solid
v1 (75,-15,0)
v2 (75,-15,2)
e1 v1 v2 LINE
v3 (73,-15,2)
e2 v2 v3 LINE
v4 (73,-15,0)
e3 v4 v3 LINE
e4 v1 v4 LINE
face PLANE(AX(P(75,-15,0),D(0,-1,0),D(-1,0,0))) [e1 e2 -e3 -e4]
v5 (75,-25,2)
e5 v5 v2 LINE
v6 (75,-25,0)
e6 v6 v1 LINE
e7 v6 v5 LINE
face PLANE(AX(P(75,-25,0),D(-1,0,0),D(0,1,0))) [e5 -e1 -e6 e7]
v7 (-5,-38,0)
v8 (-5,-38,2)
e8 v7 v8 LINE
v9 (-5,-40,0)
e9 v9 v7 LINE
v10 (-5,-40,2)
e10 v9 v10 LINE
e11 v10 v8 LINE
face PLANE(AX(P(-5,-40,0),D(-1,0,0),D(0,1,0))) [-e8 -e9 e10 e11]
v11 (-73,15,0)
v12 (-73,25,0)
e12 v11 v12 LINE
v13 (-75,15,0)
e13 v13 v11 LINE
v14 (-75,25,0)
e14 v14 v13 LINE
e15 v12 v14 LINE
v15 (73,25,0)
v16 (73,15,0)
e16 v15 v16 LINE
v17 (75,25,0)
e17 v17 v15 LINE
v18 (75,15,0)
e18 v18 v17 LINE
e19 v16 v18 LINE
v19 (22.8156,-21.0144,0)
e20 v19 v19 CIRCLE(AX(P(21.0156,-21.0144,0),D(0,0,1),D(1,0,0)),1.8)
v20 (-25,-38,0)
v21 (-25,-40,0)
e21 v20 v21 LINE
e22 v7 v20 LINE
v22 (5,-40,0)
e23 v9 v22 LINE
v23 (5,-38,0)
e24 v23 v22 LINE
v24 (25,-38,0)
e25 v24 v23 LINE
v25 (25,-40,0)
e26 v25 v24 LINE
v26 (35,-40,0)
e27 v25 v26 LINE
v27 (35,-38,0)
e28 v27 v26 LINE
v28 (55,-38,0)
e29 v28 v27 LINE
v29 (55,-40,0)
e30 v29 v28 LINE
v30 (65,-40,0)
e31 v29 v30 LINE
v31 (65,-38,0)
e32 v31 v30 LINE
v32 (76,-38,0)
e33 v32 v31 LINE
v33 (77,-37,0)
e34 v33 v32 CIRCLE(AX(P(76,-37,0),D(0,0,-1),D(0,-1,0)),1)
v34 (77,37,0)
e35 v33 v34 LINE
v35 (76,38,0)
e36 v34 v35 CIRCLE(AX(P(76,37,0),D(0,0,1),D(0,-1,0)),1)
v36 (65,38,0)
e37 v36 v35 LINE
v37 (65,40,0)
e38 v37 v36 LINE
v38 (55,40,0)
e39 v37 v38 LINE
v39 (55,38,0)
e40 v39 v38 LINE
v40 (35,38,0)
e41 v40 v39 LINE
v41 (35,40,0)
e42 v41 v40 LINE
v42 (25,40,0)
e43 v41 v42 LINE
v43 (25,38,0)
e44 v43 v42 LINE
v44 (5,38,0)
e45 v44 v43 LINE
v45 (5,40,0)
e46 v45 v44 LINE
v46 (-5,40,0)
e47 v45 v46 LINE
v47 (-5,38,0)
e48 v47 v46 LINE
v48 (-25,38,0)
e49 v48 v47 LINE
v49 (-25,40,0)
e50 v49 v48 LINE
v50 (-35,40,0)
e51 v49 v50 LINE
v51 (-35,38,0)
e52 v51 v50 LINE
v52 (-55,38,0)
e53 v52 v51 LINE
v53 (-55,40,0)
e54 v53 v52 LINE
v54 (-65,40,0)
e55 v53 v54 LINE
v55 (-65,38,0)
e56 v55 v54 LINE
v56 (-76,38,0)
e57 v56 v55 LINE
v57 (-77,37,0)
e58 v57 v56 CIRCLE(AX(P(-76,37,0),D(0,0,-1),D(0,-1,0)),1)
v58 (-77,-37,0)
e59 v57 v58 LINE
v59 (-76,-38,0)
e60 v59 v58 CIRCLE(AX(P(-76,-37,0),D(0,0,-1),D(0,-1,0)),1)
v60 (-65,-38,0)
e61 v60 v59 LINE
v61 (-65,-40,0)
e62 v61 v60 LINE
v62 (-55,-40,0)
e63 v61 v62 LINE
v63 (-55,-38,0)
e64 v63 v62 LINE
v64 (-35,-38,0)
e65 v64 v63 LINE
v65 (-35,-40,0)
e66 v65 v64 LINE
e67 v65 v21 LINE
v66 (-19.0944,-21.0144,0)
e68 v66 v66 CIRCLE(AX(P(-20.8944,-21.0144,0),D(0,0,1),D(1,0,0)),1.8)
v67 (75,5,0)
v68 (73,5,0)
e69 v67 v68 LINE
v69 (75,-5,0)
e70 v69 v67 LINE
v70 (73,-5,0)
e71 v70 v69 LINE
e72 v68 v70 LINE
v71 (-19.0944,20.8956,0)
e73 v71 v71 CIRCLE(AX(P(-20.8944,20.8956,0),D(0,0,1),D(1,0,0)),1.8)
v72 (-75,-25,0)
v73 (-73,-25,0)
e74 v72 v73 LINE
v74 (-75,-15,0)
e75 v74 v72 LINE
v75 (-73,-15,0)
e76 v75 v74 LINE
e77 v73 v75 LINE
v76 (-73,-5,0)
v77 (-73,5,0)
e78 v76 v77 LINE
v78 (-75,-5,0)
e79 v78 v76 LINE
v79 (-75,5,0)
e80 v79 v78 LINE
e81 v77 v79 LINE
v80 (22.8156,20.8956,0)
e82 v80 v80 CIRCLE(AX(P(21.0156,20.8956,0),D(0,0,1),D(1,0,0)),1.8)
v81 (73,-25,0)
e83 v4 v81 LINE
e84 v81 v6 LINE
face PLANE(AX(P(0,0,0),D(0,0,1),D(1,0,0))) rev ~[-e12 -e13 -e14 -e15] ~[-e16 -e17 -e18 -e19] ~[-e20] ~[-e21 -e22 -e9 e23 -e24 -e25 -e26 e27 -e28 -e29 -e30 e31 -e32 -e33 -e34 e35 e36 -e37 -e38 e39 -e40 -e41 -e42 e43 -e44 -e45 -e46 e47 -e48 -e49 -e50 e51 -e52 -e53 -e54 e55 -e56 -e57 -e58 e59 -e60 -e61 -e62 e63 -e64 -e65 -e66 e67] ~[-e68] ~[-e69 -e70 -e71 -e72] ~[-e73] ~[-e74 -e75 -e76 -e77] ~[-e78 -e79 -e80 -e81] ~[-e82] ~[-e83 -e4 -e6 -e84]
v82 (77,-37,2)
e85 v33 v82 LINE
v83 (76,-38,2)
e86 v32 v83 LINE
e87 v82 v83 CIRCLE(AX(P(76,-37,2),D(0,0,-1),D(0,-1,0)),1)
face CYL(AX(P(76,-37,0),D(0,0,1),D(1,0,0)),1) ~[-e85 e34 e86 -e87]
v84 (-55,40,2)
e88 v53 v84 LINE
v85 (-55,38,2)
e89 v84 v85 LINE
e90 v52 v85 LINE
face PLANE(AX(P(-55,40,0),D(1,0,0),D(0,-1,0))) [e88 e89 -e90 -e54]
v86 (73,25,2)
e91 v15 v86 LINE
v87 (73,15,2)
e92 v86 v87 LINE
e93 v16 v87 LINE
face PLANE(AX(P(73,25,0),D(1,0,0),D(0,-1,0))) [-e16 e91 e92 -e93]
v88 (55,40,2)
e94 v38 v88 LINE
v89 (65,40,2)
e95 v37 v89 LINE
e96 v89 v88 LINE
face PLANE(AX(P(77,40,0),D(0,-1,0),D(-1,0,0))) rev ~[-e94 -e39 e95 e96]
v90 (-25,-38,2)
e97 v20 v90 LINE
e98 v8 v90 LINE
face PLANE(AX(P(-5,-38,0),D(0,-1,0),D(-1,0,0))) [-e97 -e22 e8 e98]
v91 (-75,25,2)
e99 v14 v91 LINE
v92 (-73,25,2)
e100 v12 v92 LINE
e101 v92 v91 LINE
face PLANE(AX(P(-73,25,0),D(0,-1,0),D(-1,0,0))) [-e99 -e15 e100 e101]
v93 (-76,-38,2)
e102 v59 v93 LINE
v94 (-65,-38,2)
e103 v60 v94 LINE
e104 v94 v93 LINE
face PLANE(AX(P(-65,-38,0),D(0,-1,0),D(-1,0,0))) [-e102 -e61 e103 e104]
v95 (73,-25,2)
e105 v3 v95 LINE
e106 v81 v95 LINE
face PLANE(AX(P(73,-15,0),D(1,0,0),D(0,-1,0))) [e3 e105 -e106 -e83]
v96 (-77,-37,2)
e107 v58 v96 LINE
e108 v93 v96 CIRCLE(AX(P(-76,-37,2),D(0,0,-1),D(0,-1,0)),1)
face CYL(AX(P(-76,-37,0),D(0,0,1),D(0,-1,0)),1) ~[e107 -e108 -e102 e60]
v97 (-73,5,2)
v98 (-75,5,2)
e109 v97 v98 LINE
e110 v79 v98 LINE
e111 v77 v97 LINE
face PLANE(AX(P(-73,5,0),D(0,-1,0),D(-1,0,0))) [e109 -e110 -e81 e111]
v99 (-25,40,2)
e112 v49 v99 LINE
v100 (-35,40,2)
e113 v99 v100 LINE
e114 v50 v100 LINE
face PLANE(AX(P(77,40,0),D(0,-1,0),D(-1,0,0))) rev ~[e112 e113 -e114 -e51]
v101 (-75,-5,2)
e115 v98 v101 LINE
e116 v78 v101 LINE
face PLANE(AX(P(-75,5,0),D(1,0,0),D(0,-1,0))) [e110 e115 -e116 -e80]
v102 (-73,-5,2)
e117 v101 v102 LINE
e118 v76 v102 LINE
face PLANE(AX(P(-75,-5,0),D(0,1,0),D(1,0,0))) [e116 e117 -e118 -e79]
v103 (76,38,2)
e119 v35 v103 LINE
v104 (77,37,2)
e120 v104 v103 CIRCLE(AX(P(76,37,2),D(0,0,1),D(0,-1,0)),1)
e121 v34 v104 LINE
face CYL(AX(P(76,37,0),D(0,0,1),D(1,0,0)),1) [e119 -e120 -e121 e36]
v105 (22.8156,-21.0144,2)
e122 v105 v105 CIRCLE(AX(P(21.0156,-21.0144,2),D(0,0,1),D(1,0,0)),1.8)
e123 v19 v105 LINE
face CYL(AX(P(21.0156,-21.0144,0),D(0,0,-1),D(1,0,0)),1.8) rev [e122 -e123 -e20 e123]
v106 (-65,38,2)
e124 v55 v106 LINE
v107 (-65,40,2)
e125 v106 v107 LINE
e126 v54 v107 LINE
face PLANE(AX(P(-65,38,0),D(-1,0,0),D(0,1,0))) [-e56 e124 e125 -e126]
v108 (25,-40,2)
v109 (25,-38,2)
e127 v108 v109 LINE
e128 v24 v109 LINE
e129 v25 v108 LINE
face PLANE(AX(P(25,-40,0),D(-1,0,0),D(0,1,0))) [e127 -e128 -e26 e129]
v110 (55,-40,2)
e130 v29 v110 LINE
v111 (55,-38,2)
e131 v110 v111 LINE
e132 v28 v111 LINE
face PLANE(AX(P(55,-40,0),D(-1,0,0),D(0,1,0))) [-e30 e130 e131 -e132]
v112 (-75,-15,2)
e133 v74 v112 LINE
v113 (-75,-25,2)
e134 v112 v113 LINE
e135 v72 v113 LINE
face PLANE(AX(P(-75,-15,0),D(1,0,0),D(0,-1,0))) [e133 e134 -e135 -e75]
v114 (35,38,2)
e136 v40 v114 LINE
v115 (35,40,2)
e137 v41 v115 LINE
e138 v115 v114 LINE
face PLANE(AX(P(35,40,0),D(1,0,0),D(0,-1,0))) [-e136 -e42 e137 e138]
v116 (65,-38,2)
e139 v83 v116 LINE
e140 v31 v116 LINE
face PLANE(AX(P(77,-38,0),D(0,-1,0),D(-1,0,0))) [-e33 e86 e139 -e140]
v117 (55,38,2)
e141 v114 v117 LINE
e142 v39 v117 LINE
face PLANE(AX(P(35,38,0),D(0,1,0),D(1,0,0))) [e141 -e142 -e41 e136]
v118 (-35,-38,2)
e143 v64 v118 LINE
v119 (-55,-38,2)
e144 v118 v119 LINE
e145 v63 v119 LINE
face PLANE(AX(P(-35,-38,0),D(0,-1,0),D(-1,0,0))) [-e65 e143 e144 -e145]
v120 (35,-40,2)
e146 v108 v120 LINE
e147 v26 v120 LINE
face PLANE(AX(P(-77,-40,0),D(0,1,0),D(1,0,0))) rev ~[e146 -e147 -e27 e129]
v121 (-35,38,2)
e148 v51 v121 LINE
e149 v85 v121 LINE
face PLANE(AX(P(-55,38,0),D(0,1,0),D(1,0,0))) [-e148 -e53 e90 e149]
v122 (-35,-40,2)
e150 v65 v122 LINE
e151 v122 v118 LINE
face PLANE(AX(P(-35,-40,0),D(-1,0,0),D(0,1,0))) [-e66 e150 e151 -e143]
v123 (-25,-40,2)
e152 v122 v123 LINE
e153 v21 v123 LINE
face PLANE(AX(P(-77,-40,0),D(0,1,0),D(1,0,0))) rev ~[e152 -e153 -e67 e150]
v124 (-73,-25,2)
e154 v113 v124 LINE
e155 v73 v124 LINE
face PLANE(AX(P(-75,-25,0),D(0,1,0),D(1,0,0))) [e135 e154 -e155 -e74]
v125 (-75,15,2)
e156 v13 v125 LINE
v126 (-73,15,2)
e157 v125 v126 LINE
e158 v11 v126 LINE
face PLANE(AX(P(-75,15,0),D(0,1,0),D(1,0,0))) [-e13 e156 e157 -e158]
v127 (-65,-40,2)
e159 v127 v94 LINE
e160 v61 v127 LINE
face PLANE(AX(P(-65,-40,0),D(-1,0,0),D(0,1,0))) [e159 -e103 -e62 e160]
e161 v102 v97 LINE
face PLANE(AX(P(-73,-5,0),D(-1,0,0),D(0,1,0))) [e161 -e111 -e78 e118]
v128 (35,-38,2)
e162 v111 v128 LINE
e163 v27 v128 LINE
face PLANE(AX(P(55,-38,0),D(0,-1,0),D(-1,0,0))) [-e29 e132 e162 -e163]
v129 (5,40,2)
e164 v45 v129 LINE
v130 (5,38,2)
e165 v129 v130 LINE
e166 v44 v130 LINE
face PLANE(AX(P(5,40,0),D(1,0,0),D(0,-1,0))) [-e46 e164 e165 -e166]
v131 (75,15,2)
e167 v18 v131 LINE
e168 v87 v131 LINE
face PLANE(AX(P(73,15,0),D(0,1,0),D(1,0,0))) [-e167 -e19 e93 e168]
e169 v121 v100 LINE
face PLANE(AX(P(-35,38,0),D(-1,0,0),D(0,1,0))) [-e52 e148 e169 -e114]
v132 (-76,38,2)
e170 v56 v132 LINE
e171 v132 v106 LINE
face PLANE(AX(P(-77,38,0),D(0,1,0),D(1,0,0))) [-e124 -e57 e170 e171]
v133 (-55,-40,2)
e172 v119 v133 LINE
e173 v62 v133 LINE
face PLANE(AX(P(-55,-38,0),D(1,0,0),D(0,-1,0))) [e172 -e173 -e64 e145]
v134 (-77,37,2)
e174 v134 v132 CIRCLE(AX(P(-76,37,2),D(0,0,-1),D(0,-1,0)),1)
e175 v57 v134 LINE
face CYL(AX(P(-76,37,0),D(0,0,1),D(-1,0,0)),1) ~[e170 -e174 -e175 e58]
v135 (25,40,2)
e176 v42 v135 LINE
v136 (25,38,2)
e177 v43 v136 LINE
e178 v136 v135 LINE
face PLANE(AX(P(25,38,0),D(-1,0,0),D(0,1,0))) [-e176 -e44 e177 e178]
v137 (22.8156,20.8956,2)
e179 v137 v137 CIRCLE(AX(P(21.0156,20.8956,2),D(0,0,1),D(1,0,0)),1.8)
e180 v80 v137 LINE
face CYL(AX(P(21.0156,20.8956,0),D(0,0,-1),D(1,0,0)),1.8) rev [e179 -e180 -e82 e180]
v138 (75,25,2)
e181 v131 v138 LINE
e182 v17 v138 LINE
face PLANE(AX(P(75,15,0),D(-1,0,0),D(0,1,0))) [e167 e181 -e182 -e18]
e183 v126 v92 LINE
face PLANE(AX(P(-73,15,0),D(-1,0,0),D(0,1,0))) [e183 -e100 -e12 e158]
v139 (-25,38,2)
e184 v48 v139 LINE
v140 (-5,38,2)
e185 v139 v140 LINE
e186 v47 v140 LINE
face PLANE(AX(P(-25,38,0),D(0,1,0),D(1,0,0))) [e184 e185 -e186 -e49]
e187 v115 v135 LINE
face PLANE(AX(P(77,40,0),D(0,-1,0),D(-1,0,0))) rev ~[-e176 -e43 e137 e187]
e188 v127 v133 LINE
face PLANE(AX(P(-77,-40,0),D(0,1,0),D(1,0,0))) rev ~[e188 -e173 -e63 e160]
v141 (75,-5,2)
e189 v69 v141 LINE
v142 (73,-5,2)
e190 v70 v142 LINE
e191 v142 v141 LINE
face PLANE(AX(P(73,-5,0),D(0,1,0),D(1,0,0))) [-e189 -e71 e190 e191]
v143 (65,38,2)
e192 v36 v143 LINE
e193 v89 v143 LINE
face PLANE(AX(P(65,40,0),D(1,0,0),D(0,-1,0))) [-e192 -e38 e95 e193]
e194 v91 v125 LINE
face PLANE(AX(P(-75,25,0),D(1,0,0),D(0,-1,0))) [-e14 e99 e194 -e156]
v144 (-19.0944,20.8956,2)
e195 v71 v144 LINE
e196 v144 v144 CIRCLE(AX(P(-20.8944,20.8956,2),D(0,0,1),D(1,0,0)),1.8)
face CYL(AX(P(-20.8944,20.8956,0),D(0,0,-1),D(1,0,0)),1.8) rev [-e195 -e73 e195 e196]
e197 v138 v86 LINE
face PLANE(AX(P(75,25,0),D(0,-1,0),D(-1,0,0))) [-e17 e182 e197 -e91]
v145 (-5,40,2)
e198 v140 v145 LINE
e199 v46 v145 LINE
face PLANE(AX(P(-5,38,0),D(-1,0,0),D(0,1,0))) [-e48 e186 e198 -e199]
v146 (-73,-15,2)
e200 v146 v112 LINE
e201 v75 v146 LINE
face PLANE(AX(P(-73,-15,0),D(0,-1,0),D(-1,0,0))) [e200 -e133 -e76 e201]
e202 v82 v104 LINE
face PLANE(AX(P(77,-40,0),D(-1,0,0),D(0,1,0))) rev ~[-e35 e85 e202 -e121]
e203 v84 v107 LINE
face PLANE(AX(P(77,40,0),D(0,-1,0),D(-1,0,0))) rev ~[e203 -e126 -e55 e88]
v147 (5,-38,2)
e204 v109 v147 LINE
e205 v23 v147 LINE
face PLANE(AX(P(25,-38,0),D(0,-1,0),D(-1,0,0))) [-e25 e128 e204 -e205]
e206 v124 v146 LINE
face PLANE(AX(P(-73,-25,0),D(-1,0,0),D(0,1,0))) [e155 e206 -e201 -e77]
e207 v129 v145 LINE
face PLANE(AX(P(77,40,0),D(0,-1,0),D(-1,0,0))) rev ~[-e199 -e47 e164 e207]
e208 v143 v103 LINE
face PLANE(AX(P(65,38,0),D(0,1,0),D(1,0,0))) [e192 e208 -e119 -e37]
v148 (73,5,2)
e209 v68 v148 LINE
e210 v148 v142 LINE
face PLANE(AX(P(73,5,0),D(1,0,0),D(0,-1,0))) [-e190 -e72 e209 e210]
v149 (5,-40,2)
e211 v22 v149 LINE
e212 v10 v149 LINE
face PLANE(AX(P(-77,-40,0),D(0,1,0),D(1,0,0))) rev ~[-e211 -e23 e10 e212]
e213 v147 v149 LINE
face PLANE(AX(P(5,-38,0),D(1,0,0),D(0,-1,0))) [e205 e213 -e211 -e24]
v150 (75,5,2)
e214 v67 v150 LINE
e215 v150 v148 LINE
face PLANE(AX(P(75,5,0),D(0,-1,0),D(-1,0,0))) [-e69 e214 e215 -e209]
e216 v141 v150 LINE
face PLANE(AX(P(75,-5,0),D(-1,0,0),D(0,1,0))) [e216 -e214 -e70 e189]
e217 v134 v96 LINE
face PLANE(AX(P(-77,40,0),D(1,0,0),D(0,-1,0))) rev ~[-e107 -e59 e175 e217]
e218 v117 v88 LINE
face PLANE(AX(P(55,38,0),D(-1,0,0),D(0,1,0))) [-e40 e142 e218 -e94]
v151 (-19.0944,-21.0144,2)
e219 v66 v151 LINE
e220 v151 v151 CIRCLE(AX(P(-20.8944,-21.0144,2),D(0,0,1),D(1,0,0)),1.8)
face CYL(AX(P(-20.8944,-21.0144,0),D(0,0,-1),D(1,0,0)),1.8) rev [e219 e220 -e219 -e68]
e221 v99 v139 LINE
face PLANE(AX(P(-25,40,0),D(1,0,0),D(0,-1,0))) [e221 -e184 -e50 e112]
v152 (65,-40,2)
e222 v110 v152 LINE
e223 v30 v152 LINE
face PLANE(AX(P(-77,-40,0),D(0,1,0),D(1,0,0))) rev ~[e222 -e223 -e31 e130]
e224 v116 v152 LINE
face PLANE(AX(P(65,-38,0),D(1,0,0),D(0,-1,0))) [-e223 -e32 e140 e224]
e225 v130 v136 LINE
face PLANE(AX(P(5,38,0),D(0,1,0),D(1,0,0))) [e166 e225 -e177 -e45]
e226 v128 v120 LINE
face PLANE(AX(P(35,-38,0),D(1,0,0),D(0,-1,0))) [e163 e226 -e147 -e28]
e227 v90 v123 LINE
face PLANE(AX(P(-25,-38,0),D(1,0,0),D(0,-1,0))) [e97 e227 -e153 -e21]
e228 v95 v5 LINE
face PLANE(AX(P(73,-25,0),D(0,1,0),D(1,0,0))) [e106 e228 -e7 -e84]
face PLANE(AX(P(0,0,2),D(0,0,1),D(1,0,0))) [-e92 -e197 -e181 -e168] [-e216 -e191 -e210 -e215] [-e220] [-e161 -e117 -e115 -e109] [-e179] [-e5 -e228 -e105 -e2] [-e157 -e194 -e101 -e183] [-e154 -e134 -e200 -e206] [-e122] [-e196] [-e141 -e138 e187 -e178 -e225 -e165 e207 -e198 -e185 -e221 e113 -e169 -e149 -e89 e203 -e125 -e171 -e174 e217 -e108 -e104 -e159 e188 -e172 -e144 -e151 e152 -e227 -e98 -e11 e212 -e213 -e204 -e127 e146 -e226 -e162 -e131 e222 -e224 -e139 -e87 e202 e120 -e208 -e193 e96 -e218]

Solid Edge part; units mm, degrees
sketch "Sketch1" plane through (0, 0, 0) normal (0, 0, 1) x (1, 0, 0)
  line L0 (77, -40) -> (77, 40)
  line L1 (77, 40) -> (-77, 40)
  line L2 (-77, 40) -> (-77, -40)
  line L3 (-77, -40) -> (77, -40)
extrude "Protrusion1" add sketch "Sketch1" along normal blind 2
sketch "Sketch2" plane through (0, 0, 0) normal (0, 0, 1) x (1, 0, 0)
  line L0 (-77, 38) -> (-65, 38)
  line L1 (-65, 38) -> (-65, 40)
  line L2 (-65, 40) -> (-77, 40)
  line L3 (-77, 40) -> (-77, 38)
  line L4 (-55, 38) -> (-35, 38)
  line L5 (-35, 38) -> (-35, 40)
  line L6 (-35, 40) -> (-55, 40)
  line L7 (-55, 40) -> (-55, 38)
  line L8 (-25, 38) -> (-5, 38)
  line L9 (-5, 38) -> (-5, 40)
  line L10 (-5, 40) -> (-25, 40)
  line L11 (-25, 40) -> (-25, 38)
  line L12 (5, 38) -> (25, 38)
  line L13 (25, 38) -> (25, 40)
  line L14 (25, 40) -> (5, 40)
  line L15 (5, 40) -> (5, 38)
  line L16 (35, 38) -> (55, 38)
  line L17 (55, 38) -> (55, 40)
  line L18 (55, 40) -> (35, 40)
  line L19 (35, 40) -> (35, 38)
  line L20 (65, 38) -> (77, 38)
  line L21 (77, 38) -> (77, 40)
  line L22 (77, 40) -> (65, 40)
  line L23 (65, 40) -> (65, 38)
  line L24 (73, 25) -> (73, 15)
  line L25 (73, 15) -> (75, 15)
  line L26 (75, 15) -> (75, 25)
  line L27 (75, 25) -> (73, 25)
  line L28 (73, 5) -> (73, -5)
  line L29 (73, -5) -> (75, -5)
  line L30 (75, -5) -> (75, 5)
  line L31 (75, 5) -> (73, 5)
  line L32 (73, -15) -> (73, -25)
  line L33 (73, -25) -> (75, -25)
  line L34 (75, -25) -> (75, -15)
  line L35 (75, -15) -> (73, -15)
  line L36 (77, -38) -> (65, -38)
  line L37 (65, -38) -> (65, -40)
  line L38 (65, -40) -> (77, -40)
  line L39 (77, -40) -> (77, -38)
  line L40 (55, -38) -> (35, -38)
  line L41 (35, -38) -> (35, -40)
  line L42 (35, -40) -> (55, -40)
  line L43 (55, -40) -> (55, -38)
  line L44 (25, -38) -> (5, -38)
  line L45 (5, -38) -> (5, -40)
  line L46 (5, -40) -> (25, -40)
  line L47 (25, -40) -> (25, -38)
  line L48 (-5, -38) -> (-25, -38)
  line L49 (-25, -38) -> (-25, -40)
  line L50 (-25, -40) -> (-5, -40)
  line L51 (-5, -40) -> (-5, -38)
  line L52 (-35, -38) -> (-55, -38)
  line L53 (-55, -38) -> (-55, -40)
  line L54 (-55, -40) -> (-35, -40)
  line L55 (-35, -40) -> (-35, -38)
  line L56 (-65, -38) -> (-77, -38)
  line L57 (-77, -38) -> (-77, -40)
  line L58 (-77, -40) -> (-65, -40)
  line L59 (-65, -40) -> (-65, -38)
  line L60 (-73, -25) -> (-73, -15)
  line L61 (-73, -15) -> (-75, -15)
  line L62 (-75, -15) -> (-75, -25)
  line L63 (-75, -25) -> (-73, -25)
  line L64 (-73, -5) -> (-73, 5)
  line L65 (-73, 5) -> (-75, 5)
  line L66 (-75, 5) -> (-75, -5)
  line L67 (-75, -5) -> (-73, -5)
  line L68 (-73, 15) -> (-73, 25)
  line L69 (-73, 25) -> (-75, 25)
  line L70 (-75, 25) -> (-75, 15)
  line L71 (-75, 15) -> (-73, 15)
  dimension "D1" = 20
  dimension "D2" = 2
  dimension "D3" = 20
  dimension "D4" = 2
  dimension "D5" = 20
  dimension "D6" = 2
  dimension "D7" = 20
  dimension "D8" = 2
  dimension "D9" = 20
  dimension "D10" = 2
  dimension "D11" = 20
  dimension "D12" = 2
  dimension "D13" = 20
  dimension "D14" = 2
  dimension "D15" = 12
  dimension "D16" = 2
  dimension "D17" = 12
  dimension "D18" = 2
  dimension "D19" = 12
  dimension "D20" = 2
  dimension "D21" = 12
  dimension "D22" = 2
  dimension "D23" = 2
  dimension "D24" = 10
  dimension "D25" = 2
  dimension "D26" = 10
  dimension "D27" = 2
  dimension "D28" = 10
  dimension "D29" = 2
  dimension "D30" = 10
  dimension "D31" = 2
  dimension "D32" = 10
  dimension "D33" = 2
  dimension "D34" = 10
  dimension "D35" = 20
  dimension "D36" = 2
  dimension "D37" = 10
  dimension "D38" = 10
  dimension "D39" = 10
  dimension "D40" = 10
  dimension "D41" = 10
  dimension "D42" = 10
  dimension "D43" = 10
  dimension "D44" = 10
  dimension "D45" = 10
  dimension "D46" = 10
  dimension "D47" = 2
  dimension "D48" = 2
  dimension "D49" = 2
  dimension "D50" = 15
  dimension "D51" = 15
  dimension "D52" = 10
  dimension "D53" = 10
  dimension "D54" = 2
  dimension "D55" = 2
  dimension "D56" = 2
  dimension "D57" = 15
  dimension "D58" = 15
  dimension "D59" = 10
  dimension "D60" = 10
extrude "Cutout1" cut sketch "Sketch2" along normal blind 2
sketch "Sketch3" plane through (0, 0, 0) normal (0, 0, 1) x (1, 0, 0)
  circle A0 centre (-20.8944, 20.8956) radius 1.8
  circle A1 centre (21.0156, 20.8956) radius 1.8
  circle A2 centre (21.0156, -21.0144) radius 1.8
  circle A3 centre (-20.8944, -21.0144) radius 1.8
  dimension "D1" = 3.6
  dimension "D2" = 3.6
  dimension "D3" = 3.6
  dimension "D4" = 3.6
  dimension "D5" = 29.55
  dimension "D6" = 41.91
  dimension "D7" = 41.91
  dimension "D8" = 41.91
  dimension "D9" = 41.91
extrude "ExtrudedCutout_3" cut sketch "Sketch3" along normal blind 2
fillet "Round_1" radius 1 4 edges at (-77, -38, 1) (77, -38, 1) (77, 38, 1) (-77, 38, 1)
properties material "Acrylic, high impact grade"
